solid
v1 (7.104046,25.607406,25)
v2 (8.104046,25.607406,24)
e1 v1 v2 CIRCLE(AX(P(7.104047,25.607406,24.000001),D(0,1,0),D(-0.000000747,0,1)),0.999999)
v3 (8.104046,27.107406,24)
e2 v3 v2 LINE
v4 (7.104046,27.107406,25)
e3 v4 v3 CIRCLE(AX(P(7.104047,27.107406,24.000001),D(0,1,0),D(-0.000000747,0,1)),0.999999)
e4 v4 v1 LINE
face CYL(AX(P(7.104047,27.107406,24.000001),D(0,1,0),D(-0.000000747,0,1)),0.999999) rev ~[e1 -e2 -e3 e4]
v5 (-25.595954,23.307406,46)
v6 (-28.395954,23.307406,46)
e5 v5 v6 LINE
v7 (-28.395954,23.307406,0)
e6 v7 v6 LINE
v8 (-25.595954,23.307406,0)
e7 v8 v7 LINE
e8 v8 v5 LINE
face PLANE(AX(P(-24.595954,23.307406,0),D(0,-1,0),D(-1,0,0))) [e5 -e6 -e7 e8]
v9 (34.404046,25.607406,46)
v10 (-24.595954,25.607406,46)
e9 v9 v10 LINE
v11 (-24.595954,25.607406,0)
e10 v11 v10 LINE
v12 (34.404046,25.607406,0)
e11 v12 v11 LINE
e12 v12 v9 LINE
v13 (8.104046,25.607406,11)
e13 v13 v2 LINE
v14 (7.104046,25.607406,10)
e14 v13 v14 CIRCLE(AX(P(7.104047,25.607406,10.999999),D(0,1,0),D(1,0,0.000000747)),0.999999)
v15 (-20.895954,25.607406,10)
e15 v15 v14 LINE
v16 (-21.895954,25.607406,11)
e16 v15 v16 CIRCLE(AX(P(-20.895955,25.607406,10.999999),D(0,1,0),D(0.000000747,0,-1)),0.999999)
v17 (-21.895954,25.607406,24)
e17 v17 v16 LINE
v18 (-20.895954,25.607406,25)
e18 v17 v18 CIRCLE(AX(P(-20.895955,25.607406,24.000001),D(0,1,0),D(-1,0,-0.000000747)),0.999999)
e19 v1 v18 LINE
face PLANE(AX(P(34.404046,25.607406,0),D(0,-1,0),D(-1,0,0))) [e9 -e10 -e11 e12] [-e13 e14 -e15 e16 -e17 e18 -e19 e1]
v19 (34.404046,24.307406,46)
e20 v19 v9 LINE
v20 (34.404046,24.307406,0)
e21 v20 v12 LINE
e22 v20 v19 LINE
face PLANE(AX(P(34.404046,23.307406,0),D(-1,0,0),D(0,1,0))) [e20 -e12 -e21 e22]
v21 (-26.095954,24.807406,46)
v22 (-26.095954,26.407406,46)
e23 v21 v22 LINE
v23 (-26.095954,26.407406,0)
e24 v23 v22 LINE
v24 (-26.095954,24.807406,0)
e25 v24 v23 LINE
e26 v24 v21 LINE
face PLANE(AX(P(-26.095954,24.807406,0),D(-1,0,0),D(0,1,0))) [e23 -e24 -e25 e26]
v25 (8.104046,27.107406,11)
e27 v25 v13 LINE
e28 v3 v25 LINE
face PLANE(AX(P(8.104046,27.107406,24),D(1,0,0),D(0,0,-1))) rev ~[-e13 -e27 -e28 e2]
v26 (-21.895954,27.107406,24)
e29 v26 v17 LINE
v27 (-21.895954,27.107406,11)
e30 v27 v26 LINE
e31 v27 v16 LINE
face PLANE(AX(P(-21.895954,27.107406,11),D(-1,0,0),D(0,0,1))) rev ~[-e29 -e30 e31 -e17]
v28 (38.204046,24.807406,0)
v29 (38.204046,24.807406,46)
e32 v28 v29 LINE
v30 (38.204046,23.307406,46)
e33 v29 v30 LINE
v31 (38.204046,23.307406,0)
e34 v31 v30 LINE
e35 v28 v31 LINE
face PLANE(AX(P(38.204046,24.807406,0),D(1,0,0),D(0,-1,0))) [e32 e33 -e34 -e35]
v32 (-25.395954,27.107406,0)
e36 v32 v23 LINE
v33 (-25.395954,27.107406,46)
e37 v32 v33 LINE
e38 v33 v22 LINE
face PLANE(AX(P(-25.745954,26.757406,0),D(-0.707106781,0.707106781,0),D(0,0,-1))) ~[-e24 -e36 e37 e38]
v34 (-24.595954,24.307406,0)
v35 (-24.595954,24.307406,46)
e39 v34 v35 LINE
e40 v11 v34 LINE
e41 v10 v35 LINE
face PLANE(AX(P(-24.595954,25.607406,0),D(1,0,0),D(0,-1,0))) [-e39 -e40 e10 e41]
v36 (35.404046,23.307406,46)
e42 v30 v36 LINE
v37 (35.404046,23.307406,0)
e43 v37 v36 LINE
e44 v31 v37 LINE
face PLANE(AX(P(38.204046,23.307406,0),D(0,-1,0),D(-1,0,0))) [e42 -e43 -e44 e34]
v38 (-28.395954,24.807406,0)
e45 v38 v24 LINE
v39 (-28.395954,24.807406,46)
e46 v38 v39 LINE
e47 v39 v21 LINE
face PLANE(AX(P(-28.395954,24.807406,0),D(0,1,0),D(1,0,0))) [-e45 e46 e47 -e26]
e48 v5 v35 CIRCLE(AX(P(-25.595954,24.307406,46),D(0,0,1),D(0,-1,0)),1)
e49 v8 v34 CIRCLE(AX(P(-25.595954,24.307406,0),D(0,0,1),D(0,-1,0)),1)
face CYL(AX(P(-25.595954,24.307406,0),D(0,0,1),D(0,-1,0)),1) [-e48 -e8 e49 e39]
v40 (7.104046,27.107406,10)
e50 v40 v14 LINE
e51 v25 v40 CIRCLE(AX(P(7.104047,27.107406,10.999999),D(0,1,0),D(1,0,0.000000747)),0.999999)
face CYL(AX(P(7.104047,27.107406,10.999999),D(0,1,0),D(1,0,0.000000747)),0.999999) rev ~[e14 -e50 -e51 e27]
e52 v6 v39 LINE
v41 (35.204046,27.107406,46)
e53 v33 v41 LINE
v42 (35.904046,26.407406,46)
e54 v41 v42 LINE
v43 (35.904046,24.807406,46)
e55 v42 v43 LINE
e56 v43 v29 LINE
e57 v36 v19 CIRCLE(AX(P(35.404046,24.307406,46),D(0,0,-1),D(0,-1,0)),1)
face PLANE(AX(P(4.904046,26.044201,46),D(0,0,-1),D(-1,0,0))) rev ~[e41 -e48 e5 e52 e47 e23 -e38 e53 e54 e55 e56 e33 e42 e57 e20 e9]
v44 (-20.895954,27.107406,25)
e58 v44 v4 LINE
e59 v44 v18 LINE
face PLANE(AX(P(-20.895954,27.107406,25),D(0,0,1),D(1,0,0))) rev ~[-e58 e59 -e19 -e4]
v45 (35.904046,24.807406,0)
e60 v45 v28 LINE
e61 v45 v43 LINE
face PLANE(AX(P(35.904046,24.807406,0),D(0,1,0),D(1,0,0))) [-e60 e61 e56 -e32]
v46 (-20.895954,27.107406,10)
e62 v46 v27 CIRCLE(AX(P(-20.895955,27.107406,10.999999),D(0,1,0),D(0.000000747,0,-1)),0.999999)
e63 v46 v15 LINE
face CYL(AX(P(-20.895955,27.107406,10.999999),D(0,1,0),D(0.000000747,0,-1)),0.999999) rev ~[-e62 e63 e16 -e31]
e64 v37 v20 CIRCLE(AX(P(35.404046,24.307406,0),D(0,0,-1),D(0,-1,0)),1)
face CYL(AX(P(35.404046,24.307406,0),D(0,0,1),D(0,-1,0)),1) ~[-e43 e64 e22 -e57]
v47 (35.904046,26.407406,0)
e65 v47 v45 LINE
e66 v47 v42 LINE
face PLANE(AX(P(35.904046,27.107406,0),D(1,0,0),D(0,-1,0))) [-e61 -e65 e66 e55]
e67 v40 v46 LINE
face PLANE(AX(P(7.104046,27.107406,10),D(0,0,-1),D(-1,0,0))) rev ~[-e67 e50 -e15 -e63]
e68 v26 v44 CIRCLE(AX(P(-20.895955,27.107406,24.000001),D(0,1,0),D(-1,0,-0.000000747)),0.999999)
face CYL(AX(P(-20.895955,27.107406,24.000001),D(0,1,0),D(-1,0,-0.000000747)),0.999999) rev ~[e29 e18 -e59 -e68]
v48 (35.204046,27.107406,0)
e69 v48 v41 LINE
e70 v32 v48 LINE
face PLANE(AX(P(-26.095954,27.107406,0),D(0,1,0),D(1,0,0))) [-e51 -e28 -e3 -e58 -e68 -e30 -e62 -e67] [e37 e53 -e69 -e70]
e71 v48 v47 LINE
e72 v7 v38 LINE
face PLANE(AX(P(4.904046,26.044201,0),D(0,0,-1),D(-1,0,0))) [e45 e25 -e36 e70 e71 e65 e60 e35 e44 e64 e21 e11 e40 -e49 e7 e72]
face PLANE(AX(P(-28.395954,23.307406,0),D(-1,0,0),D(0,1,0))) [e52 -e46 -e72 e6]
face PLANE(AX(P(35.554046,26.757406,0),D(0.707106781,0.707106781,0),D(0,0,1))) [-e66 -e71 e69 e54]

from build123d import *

# Parameters (mm, degrees)
PAD_DEPTH    = 46
CHAMFER_SIZE = 0.7
FILLET_R     = 1
POCKET_DEPTH = 2


with BuildPart() as part:
    # Sketch → Pad (new body)
    with BuildSketch(Plane.XY):
        Polygon((-26.095954, 27.107406), (35.904046, 27.107406), (35.904046, 24.807406), (38.204046, 24.807406), (38.204046, 23.307406), (34.404046, 23.307406), (34.404046, 25.607406), (-24.595954, 25.607406), (-24.595954, 23.307406), (-28.395954, 23.307406), (-28.395954, 24.807406), (-26.095954, 24.807406), align=None)
    extrude(amount=PAD_DEPTH)

    # Chamfer
    chamfer_edges = [part.edges().sort_by_distance(p)[0] for p in [
        (35.904046, 27.107406, 23),
        (-26.095954, 27.107406, 23),
    ]]
    chamfer(chamfer_edges, length=CHAMFER_SIZE)

    # Fillet
    fillet_edges = [part.edges().sort_by_distance(p)[0] for p in [
        (-24.595954, 23.307406, 23),
        (34.404046, 23.307406, 23),
    ]]
    fillet(fillet_edges, radius=FILLET_R)

    # Sketch001 (on Face12 of Fillet) → Pocket (cut)
    with BuildSketch(Plane(origin=(0, 27.107406, 0), x_dir=(-1, 0, 0), z_dir=(0, 1, 0))):
        with BuildLine():
            Line((20.895954, 25), (-7.104046, 25))
            ThreePointArc((-7.104046, 25), (-7.811153, 24.707107), (-8.104046, 24))
            Line((-8.104046, 24), (-8.104046, 11))
            ThreePointArc((-8.104046, 11), (-7.811153, 10.292893), (-7.104046, 10))
            Line((-7.104046, 10), (20.895954, 10))
            ThreePointArc((20.895954, 10), (21.603061, 10.292893), (21.895954, 11))
            Line((21.895954, 11), (21.895954, 24))
            ThreePointArc((21.895954, 24), (21.603061, 24.707107), (20.895954, 25))
        make_face()
    extrude(amount=-POCKET_DEPTH, mode=Mode.SUBTRACT)


solid = part.part
